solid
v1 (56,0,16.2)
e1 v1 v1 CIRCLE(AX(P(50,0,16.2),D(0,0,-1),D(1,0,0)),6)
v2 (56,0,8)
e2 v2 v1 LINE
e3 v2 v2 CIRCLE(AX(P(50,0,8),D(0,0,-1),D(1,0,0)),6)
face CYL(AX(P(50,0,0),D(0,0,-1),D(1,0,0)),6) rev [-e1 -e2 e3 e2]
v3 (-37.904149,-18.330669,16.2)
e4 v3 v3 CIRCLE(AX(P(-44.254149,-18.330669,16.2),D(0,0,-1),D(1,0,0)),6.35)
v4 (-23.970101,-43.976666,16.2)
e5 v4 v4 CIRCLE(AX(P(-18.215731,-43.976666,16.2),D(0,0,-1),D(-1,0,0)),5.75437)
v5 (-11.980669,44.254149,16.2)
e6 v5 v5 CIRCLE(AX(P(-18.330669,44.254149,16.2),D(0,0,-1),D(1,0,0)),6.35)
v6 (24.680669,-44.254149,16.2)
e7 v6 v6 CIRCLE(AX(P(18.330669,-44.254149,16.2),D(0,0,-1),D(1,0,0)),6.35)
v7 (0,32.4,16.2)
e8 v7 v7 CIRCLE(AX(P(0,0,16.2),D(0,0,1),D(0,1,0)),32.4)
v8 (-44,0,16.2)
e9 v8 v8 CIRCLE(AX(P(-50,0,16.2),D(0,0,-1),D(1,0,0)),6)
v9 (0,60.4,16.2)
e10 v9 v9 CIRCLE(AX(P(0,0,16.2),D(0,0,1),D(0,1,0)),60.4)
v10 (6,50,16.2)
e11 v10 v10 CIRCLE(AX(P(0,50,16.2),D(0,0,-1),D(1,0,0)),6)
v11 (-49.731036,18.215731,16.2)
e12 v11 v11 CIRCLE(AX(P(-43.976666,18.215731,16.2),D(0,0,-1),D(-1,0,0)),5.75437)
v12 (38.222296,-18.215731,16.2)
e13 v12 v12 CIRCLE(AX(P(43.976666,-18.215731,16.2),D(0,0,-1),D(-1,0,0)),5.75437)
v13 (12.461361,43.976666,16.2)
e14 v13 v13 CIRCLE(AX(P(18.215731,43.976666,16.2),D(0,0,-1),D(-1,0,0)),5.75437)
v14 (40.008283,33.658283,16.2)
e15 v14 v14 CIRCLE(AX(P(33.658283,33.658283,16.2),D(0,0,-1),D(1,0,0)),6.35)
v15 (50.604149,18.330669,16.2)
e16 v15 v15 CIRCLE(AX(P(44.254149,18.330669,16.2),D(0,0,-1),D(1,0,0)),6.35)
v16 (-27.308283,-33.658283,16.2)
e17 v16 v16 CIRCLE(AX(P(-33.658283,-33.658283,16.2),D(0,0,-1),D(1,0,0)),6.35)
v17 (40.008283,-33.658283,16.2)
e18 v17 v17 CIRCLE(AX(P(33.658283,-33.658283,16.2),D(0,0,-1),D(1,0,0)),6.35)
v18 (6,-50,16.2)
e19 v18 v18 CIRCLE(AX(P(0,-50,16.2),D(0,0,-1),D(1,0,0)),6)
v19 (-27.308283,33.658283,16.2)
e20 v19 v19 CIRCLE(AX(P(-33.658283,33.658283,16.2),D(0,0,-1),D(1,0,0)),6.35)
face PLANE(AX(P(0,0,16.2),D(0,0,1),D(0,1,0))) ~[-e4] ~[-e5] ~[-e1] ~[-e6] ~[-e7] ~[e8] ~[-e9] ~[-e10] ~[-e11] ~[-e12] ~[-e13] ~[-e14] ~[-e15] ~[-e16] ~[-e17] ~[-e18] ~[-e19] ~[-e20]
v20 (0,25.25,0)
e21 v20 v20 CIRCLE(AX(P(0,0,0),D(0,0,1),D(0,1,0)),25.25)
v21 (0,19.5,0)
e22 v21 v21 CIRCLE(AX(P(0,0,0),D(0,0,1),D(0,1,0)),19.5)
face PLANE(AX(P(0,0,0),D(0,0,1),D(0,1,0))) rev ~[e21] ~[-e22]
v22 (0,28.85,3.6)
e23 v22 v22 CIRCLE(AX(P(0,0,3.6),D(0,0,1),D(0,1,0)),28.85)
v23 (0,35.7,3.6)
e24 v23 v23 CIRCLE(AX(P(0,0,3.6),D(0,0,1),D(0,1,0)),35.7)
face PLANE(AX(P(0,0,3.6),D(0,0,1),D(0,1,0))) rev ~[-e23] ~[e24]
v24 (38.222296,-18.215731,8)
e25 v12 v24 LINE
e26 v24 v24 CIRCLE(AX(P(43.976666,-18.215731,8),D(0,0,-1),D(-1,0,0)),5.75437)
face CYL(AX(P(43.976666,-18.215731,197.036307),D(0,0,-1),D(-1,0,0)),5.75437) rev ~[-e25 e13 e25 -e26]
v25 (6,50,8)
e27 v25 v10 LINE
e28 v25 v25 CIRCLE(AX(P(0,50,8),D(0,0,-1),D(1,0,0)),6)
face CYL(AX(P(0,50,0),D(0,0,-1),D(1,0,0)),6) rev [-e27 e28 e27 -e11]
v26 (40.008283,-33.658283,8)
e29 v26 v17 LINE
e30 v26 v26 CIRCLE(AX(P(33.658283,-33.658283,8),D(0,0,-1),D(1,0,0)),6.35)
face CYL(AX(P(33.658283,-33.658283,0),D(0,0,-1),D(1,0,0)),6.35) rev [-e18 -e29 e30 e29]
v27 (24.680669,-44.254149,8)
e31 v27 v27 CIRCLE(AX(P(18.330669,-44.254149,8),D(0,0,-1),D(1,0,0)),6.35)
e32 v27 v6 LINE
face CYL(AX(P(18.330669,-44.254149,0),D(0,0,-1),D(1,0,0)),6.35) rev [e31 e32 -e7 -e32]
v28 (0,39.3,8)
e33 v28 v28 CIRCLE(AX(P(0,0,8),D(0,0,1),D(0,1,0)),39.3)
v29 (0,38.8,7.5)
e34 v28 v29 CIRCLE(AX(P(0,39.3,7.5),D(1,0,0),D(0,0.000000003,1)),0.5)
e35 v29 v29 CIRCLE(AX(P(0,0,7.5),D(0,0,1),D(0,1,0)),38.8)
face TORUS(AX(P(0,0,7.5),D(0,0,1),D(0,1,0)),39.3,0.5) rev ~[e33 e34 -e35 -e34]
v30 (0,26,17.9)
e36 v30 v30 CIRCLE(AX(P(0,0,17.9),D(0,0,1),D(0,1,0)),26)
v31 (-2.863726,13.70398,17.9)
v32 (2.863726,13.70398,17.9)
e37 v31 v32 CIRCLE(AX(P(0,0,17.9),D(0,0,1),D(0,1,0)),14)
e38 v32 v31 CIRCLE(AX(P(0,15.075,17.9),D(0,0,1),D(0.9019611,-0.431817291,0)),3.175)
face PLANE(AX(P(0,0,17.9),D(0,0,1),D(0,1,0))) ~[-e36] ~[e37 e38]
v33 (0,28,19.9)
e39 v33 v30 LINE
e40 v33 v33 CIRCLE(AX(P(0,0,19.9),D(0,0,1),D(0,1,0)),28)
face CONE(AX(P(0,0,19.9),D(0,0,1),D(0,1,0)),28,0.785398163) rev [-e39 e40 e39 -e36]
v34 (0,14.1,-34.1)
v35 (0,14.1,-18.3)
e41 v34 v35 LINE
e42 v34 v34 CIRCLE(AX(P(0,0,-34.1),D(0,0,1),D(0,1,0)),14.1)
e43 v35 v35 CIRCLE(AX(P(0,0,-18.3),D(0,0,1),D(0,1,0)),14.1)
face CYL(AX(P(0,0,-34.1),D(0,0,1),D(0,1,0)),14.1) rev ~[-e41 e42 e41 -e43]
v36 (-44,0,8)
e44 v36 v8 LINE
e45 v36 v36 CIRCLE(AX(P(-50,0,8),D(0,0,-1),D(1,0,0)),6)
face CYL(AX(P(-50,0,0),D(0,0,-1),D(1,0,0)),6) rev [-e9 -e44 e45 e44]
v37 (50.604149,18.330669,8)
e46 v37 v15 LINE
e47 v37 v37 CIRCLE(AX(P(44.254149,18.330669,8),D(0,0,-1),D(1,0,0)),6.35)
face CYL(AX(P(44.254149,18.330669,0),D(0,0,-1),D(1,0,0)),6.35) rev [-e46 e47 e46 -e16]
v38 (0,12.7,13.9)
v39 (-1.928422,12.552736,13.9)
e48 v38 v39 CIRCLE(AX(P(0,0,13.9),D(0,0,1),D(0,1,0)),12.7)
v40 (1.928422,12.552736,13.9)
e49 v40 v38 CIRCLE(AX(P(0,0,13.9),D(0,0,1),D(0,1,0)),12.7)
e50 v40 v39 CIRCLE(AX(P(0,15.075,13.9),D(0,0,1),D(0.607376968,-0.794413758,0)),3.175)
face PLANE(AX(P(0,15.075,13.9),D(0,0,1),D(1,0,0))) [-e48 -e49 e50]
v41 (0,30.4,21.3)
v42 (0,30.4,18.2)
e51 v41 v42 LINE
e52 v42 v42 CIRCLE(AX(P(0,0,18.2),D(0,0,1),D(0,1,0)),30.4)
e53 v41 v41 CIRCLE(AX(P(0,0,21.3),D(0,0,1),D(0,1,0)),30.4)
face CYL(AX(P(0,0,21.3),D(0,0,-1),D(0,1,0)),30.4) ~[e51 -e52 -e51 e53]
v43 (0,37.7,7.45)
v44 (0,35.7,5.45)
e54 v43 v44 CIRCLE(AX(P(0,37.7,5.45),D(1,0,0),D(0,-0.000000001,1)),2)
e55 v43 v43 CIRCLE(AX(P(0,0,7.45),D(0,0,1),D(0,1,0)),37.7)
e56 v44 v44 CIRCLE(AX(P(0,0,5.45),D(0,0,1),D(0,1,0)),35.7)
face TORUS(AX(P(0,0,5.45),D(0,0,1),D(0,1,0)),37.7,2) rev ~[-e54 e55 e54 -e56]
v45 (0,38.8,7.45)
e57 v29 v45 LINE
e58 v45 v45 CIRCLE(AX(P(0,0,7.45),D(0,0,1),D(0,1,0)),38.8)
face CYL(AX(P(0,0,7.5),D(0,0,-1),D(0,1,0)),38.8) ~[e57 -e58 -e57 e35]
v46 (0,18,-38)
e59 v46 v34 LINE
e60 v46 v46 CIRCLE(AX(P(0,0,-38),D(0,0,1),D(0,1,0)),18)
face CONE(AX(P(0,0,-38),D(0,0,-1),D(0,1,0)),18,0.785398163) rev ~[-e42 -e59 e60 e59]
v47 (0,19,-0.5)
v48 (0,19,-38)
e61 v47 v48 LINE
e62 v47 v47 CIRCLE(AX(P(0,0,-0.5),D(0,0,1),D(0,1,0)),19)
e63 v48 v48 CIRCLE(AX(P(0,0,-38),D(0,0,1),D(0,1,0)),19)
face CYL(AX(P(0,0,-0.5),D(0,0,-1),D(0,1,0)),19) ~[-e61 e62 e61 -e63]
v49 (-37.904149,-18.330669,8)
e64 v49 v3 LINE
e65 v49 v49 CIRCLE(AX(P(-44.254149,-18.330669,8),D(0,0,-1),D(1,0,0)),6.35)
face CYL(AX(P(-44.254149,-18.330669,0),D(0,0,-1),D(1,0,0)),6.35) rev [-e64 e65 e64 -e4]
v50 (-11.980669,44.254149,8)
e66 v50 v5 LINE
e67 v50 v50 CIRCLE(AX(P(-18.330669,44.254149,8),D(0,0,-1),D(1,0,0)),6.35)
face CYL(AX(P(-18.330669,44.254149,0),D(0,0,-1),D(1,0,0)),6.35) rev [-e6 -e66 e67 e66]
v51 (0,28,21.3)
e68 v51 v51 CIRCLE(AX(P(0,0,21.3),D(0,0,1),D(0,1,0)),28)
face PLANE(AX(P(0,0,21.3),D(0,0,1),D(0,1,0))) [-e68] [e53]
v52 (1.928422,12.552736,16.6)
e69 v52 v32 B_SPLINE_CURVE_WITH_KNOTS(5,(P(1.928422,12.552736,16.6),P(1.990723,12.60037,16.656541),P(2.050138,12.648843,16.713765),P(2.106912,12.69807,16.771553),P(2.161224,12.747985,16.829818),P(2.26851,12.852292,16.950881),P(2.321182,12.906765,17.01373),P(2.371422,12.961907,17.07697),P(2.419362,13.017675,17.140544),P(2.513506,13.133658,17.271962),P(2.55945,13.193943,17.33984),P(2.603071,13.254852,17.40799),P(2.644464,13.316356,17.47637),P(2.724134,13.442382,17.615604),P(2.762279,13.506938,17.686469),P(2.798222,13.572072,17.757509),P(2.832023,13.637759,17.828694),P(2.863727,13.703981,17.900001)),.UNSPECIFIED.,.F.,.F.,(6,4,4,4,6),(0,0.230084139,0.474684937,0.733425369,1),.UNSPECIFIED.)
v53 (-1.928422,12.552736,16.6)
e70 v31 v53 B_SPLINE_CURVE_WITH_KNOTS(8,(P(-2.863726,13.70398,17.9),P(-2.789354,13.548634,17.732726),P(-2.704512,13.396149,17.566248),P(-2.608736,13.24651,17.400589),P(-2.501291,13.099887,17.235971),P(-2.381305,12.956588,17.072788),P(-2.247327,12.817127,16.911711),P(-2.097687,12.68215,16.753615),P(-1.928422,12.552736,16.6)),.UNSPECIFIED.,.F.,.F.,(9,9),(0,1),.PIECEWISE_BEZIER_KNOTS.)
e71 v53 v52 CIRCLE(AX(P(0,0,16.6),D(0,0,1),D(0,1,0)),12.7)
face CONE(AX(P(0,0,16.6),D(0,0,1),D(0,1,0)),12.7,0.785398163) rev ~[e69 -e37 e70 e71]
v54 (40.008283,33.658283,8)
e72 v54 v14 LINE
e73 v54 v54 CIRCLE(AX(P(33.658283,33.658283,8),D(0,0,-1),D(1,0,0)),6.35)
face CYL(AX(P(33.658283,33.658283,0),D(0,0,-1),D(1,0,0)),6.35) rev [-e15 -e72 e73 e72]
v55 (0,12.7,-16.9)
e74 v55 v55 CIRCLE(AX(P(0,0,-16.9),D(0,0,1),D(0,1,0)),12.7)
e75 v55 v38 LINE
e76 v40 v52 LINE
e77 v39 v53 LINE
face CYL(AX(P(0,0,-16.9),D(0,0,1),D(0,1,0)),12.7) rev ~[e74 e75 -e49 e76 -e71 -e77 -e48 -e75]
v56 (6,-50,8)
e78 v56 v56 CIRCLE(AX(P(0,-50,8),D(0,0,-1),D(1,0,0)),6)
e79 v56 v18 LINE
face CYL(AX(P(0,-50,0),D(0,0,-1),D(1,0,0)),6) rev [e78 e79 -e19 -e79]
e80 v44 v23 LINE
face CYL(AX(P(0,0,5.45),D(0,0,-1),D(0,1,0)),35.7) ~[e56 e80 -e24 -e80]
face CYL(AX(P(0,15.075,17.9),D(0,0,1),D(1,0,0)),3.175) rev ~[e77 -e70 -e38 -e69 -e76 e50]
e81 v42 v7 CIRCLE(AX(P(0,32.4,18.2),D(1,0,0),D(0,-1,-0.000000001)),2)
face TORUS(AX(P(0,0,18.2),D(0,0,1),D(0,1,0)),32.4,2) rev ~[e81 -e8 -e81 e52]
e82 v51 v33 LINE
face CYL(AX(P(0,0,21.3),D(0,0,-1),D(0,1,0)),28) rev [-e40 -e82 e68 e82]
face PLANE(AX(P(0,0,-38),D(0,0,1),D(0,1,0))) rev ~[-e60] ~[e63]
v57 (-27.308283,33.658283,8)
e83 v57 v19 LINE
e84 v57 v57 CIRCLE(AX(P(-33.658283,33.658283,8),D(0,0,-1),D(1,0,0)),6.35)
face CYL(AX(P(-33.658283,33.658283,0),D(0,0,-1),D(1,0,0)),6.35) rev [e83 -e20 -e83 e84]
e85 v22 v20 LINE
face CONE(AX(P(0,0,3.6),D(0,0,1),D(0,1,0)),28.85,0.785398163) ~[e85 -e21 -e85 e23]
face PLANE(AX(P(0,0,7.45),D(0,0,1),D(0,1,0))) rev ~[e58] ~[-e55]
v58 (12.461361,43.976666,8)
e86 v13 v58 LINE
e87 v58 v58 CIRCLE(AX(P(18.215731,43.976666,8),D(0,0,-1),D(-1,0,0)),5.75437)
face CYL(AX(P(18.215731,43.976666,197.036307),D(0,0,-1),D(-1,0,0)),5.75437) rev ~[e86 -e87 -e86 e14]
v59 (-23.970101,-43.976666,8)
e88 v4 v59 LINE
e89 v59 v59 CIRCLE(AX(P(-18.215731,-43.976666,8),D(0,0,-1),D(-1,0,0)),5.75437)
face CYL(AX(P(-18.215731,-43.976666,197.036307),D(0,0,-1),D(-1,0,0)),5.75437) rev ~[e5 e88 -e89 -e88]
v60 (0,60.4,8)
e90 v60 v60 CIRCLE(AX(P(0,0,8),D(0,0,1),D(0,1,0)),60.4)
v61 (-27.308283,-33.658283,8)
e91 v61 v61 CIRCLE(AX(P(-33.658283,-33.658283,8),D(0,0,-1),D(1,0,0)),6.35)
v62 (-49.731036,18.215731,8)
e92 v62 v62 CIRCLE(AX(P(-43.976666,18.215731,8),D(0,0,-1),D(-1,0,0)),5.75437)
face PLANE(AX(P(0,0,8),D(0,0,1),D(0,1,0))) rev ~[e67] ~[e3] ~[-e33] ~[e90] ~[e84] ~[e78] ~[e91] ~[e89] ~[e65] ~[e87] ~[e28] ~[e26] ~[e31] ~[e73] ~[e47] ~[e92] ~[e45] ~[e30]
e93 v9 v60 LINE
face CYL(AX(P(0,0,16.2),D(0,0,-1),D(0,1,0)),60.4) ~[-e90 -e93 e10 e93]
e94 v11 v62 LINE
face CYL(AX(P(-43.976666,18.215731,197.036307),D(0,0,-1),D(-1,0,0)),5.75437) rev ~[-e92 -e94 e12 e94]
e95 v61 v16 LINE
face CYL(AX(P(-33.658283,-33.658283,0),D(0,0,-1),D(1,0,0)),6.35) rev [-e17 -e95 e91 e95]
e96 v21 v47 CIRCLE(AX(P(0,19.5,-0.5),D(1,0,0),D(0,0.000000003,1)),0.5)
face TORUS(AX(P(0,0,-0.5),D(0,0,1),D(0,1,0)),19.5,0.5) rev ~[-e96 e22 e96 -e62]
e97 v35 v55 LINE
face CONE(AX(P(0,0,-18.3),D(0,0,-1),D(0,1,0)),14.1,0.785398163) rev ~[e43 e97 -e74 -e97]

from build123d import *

# Parameters (mm, degrees)
SKETCH11_R              = 6
CUT_EXTRUDE4_DEPTH      = 28.5
F_1_2_20_TAPPED_HOLE1_D = 11.50874
SKETCH14_R              = 6.35
CUT_EXTRUDE5_DEPTH      = 22.3
SKETCH15_R              = 3.175
CUT_EXTRUDE6_DEPTH      = 4


with BuildPart() as part:
    # Sketch1 → Revolve1 (revolve)
    with BuildSketch(Plane(origin=(0, 0, 0), x_dir=(0, 0, -1), z_dir=(1, 0, 0))):
        with BuildLine():
            Line((0.5, 19), (38, 19))
            Line((38, 19), (38, 18))
            Line((38, 18), (34.1, 14.1))
            Line((34.1, 14.1), (18.3, 14.1))
            Line((18.3, 14.1), (16.9, 12.7))
            Line((16.9, 12.7), (-16.6, 12.7))
            Line((-16.6, 12.7), (-17.9, 14))
            Line((-17.9, 14), (-17.9, 20.7))
            ThreePointArc((-17.9, 20.7), (-18.192893219, 21.407106781), (-18.9, 21.7))
            Line((-18.9, 21.7), (-20.3, 21.7))
            Line((-20.3, 21.7), (-20.3, 23.3))
            ThreePointArc((-20.3, 23.3), (-20.885786438, 24.714213562), (-22.3, 25.3))
            Line((-22.3, 25.3), (-27.5, 25.3))
            Line((-27.5, 25.3), (-27.5, 27.9))
            Line((-27.5, 27.9), (-23.3, 27.9))
            ThreePointArc((-23.3, 27.9), (-21.885786438, 28.485786438), (-21.3, 29.9))
            Line((-21.3, 29.9), (-21.3, 30.4))
            Line((-21.3, 30.4), (-18.2, 30.4))
            ThreePointArc((-18.2, 30.4), (-16.785786438, 30.985786438), (-16.2, 32.4))
            Line((-16.2, 32.4), (-16.2, 60.4))
            Line((-16.2, 60.4), (-8, 60.4))
            Line((-8, 60.4), (-8, 39.3))
            ThreePointArc((-8, 39.3), (-7.853553391, 38.946446609), (-7.5, 38.8))
            Line((-7.5, 38.8), (-7.45, 38.8))
            Line((-7.45, 38.8), (-7.45, 37.7))
            ThreePointArc((-7.45, 37.7), (-6.864213562, 36.285786438), (-5.45, 35.7))
            Line((-5.45, 35.7), (-3.6, 35.7))
            Line((-3.6, 35.7), (-3.6, 28.85))
            Line((-3.6, 28.85), (0, 25.25))
            Line((0, 25.25), (0, 19.5))
            ThreePointArc((0, 19.5), (0.146446609, 19.146446609), (0.5, 19))
        make_face()
    revolve(axis=Axis((0, 0, 0), (0, 0, 1)))

    # Sketch11 → Cut-Extrude4 (cut, through all)
    with BuildSketch(Plane.XY):
        with Locations((0, 50)):
            Circle(SKETCH11_R)
        with Locations((50, 0)):
            Circle(SKETCH11_R)
        with Locations((0, -50)):
            Circle(SKETCH11_R)
        with Locations((-50, 0)):
            Circle(SKETCH11_R)
    extrude(amount=CUT_EXTRUDE4_DEPTH, mode=Mode.SUBTRACT)

    # Sketch7 → LatheCutPocket (revolve, cut)
    with BuildSketch(Plane(origin=(0, 0, 0), x_dir=(0, 0, -1), z_dir=(1, 0, 0))):
        Polygon((-19.9, 28), (-17.9, 26), (-17.9, 0), (-30.163250858, 0), (-30.163250858, 25.3), (-30.163250858, 28), (-30.163250858, 34.511397797), (-21.3, 34.511397797), (-21.3, 28), align=None)
    revolve(axis=Axis((0, 0, 0), (0, 0, 1)), mode=Mode.SUBTRACT)

    # 1/2-20 Tapped Hole1 (through all)
    with Locations(Plane.XY.offset(16.2)):
        with Locations((18.215731381, 43.976665748), (43.976665748, -18.215731381), (-18.215731381, -43.976665748), (-43.976665748, 18.215731381)):
            Hole(F_1_2_20_TAPPED_HOLE1_D / 2)

    # Sketch14 → Cut-Extrude5 (cut, through all)
    with BuildSketch(Plane.XY):
        with Locations((33.658282784, 33.658282784)):
            Circle(SKETCH14_R)
        with Locations((44.254149062, 18.330668733)):
            Circle(SKETCH14_R)
        with Locations((33.658282784, -33.658282784)):
            Circle(SKETCH14_R)
        with Locations((18.330668733, -44.254149062)):
            Circle(SKETCH14_R)
        with Locations((-33.658282784, -33.658282784)):
            Circle(SKETCH14_R)
        with Locations((-44.254149062, -18.330668733)):
            Circle(SKETCH14_R)
        with Locations((-33.658282784, 33.658282784)):
            Circle(SKETCH14_R)
        with Locations((-18.330668733, 44.254149062)):
            Circle(SKETCH14_R)
    extrude(amount=CUT_EXTRUDE5_DEPTH, mode=Mode.SUBTRACT)

    # Sketch15 → Cut-Extrude6 (cut)
    with BuildSketch(Plane.XY.offset(17.9)):
        with Locations((0, 15.075)):
            Circle(SKETCH15_R)
    extrude(amount=-CUT_EXTRUDE6_DEPTH, mode=Mode.SUBTRACT)


solid = part.part
